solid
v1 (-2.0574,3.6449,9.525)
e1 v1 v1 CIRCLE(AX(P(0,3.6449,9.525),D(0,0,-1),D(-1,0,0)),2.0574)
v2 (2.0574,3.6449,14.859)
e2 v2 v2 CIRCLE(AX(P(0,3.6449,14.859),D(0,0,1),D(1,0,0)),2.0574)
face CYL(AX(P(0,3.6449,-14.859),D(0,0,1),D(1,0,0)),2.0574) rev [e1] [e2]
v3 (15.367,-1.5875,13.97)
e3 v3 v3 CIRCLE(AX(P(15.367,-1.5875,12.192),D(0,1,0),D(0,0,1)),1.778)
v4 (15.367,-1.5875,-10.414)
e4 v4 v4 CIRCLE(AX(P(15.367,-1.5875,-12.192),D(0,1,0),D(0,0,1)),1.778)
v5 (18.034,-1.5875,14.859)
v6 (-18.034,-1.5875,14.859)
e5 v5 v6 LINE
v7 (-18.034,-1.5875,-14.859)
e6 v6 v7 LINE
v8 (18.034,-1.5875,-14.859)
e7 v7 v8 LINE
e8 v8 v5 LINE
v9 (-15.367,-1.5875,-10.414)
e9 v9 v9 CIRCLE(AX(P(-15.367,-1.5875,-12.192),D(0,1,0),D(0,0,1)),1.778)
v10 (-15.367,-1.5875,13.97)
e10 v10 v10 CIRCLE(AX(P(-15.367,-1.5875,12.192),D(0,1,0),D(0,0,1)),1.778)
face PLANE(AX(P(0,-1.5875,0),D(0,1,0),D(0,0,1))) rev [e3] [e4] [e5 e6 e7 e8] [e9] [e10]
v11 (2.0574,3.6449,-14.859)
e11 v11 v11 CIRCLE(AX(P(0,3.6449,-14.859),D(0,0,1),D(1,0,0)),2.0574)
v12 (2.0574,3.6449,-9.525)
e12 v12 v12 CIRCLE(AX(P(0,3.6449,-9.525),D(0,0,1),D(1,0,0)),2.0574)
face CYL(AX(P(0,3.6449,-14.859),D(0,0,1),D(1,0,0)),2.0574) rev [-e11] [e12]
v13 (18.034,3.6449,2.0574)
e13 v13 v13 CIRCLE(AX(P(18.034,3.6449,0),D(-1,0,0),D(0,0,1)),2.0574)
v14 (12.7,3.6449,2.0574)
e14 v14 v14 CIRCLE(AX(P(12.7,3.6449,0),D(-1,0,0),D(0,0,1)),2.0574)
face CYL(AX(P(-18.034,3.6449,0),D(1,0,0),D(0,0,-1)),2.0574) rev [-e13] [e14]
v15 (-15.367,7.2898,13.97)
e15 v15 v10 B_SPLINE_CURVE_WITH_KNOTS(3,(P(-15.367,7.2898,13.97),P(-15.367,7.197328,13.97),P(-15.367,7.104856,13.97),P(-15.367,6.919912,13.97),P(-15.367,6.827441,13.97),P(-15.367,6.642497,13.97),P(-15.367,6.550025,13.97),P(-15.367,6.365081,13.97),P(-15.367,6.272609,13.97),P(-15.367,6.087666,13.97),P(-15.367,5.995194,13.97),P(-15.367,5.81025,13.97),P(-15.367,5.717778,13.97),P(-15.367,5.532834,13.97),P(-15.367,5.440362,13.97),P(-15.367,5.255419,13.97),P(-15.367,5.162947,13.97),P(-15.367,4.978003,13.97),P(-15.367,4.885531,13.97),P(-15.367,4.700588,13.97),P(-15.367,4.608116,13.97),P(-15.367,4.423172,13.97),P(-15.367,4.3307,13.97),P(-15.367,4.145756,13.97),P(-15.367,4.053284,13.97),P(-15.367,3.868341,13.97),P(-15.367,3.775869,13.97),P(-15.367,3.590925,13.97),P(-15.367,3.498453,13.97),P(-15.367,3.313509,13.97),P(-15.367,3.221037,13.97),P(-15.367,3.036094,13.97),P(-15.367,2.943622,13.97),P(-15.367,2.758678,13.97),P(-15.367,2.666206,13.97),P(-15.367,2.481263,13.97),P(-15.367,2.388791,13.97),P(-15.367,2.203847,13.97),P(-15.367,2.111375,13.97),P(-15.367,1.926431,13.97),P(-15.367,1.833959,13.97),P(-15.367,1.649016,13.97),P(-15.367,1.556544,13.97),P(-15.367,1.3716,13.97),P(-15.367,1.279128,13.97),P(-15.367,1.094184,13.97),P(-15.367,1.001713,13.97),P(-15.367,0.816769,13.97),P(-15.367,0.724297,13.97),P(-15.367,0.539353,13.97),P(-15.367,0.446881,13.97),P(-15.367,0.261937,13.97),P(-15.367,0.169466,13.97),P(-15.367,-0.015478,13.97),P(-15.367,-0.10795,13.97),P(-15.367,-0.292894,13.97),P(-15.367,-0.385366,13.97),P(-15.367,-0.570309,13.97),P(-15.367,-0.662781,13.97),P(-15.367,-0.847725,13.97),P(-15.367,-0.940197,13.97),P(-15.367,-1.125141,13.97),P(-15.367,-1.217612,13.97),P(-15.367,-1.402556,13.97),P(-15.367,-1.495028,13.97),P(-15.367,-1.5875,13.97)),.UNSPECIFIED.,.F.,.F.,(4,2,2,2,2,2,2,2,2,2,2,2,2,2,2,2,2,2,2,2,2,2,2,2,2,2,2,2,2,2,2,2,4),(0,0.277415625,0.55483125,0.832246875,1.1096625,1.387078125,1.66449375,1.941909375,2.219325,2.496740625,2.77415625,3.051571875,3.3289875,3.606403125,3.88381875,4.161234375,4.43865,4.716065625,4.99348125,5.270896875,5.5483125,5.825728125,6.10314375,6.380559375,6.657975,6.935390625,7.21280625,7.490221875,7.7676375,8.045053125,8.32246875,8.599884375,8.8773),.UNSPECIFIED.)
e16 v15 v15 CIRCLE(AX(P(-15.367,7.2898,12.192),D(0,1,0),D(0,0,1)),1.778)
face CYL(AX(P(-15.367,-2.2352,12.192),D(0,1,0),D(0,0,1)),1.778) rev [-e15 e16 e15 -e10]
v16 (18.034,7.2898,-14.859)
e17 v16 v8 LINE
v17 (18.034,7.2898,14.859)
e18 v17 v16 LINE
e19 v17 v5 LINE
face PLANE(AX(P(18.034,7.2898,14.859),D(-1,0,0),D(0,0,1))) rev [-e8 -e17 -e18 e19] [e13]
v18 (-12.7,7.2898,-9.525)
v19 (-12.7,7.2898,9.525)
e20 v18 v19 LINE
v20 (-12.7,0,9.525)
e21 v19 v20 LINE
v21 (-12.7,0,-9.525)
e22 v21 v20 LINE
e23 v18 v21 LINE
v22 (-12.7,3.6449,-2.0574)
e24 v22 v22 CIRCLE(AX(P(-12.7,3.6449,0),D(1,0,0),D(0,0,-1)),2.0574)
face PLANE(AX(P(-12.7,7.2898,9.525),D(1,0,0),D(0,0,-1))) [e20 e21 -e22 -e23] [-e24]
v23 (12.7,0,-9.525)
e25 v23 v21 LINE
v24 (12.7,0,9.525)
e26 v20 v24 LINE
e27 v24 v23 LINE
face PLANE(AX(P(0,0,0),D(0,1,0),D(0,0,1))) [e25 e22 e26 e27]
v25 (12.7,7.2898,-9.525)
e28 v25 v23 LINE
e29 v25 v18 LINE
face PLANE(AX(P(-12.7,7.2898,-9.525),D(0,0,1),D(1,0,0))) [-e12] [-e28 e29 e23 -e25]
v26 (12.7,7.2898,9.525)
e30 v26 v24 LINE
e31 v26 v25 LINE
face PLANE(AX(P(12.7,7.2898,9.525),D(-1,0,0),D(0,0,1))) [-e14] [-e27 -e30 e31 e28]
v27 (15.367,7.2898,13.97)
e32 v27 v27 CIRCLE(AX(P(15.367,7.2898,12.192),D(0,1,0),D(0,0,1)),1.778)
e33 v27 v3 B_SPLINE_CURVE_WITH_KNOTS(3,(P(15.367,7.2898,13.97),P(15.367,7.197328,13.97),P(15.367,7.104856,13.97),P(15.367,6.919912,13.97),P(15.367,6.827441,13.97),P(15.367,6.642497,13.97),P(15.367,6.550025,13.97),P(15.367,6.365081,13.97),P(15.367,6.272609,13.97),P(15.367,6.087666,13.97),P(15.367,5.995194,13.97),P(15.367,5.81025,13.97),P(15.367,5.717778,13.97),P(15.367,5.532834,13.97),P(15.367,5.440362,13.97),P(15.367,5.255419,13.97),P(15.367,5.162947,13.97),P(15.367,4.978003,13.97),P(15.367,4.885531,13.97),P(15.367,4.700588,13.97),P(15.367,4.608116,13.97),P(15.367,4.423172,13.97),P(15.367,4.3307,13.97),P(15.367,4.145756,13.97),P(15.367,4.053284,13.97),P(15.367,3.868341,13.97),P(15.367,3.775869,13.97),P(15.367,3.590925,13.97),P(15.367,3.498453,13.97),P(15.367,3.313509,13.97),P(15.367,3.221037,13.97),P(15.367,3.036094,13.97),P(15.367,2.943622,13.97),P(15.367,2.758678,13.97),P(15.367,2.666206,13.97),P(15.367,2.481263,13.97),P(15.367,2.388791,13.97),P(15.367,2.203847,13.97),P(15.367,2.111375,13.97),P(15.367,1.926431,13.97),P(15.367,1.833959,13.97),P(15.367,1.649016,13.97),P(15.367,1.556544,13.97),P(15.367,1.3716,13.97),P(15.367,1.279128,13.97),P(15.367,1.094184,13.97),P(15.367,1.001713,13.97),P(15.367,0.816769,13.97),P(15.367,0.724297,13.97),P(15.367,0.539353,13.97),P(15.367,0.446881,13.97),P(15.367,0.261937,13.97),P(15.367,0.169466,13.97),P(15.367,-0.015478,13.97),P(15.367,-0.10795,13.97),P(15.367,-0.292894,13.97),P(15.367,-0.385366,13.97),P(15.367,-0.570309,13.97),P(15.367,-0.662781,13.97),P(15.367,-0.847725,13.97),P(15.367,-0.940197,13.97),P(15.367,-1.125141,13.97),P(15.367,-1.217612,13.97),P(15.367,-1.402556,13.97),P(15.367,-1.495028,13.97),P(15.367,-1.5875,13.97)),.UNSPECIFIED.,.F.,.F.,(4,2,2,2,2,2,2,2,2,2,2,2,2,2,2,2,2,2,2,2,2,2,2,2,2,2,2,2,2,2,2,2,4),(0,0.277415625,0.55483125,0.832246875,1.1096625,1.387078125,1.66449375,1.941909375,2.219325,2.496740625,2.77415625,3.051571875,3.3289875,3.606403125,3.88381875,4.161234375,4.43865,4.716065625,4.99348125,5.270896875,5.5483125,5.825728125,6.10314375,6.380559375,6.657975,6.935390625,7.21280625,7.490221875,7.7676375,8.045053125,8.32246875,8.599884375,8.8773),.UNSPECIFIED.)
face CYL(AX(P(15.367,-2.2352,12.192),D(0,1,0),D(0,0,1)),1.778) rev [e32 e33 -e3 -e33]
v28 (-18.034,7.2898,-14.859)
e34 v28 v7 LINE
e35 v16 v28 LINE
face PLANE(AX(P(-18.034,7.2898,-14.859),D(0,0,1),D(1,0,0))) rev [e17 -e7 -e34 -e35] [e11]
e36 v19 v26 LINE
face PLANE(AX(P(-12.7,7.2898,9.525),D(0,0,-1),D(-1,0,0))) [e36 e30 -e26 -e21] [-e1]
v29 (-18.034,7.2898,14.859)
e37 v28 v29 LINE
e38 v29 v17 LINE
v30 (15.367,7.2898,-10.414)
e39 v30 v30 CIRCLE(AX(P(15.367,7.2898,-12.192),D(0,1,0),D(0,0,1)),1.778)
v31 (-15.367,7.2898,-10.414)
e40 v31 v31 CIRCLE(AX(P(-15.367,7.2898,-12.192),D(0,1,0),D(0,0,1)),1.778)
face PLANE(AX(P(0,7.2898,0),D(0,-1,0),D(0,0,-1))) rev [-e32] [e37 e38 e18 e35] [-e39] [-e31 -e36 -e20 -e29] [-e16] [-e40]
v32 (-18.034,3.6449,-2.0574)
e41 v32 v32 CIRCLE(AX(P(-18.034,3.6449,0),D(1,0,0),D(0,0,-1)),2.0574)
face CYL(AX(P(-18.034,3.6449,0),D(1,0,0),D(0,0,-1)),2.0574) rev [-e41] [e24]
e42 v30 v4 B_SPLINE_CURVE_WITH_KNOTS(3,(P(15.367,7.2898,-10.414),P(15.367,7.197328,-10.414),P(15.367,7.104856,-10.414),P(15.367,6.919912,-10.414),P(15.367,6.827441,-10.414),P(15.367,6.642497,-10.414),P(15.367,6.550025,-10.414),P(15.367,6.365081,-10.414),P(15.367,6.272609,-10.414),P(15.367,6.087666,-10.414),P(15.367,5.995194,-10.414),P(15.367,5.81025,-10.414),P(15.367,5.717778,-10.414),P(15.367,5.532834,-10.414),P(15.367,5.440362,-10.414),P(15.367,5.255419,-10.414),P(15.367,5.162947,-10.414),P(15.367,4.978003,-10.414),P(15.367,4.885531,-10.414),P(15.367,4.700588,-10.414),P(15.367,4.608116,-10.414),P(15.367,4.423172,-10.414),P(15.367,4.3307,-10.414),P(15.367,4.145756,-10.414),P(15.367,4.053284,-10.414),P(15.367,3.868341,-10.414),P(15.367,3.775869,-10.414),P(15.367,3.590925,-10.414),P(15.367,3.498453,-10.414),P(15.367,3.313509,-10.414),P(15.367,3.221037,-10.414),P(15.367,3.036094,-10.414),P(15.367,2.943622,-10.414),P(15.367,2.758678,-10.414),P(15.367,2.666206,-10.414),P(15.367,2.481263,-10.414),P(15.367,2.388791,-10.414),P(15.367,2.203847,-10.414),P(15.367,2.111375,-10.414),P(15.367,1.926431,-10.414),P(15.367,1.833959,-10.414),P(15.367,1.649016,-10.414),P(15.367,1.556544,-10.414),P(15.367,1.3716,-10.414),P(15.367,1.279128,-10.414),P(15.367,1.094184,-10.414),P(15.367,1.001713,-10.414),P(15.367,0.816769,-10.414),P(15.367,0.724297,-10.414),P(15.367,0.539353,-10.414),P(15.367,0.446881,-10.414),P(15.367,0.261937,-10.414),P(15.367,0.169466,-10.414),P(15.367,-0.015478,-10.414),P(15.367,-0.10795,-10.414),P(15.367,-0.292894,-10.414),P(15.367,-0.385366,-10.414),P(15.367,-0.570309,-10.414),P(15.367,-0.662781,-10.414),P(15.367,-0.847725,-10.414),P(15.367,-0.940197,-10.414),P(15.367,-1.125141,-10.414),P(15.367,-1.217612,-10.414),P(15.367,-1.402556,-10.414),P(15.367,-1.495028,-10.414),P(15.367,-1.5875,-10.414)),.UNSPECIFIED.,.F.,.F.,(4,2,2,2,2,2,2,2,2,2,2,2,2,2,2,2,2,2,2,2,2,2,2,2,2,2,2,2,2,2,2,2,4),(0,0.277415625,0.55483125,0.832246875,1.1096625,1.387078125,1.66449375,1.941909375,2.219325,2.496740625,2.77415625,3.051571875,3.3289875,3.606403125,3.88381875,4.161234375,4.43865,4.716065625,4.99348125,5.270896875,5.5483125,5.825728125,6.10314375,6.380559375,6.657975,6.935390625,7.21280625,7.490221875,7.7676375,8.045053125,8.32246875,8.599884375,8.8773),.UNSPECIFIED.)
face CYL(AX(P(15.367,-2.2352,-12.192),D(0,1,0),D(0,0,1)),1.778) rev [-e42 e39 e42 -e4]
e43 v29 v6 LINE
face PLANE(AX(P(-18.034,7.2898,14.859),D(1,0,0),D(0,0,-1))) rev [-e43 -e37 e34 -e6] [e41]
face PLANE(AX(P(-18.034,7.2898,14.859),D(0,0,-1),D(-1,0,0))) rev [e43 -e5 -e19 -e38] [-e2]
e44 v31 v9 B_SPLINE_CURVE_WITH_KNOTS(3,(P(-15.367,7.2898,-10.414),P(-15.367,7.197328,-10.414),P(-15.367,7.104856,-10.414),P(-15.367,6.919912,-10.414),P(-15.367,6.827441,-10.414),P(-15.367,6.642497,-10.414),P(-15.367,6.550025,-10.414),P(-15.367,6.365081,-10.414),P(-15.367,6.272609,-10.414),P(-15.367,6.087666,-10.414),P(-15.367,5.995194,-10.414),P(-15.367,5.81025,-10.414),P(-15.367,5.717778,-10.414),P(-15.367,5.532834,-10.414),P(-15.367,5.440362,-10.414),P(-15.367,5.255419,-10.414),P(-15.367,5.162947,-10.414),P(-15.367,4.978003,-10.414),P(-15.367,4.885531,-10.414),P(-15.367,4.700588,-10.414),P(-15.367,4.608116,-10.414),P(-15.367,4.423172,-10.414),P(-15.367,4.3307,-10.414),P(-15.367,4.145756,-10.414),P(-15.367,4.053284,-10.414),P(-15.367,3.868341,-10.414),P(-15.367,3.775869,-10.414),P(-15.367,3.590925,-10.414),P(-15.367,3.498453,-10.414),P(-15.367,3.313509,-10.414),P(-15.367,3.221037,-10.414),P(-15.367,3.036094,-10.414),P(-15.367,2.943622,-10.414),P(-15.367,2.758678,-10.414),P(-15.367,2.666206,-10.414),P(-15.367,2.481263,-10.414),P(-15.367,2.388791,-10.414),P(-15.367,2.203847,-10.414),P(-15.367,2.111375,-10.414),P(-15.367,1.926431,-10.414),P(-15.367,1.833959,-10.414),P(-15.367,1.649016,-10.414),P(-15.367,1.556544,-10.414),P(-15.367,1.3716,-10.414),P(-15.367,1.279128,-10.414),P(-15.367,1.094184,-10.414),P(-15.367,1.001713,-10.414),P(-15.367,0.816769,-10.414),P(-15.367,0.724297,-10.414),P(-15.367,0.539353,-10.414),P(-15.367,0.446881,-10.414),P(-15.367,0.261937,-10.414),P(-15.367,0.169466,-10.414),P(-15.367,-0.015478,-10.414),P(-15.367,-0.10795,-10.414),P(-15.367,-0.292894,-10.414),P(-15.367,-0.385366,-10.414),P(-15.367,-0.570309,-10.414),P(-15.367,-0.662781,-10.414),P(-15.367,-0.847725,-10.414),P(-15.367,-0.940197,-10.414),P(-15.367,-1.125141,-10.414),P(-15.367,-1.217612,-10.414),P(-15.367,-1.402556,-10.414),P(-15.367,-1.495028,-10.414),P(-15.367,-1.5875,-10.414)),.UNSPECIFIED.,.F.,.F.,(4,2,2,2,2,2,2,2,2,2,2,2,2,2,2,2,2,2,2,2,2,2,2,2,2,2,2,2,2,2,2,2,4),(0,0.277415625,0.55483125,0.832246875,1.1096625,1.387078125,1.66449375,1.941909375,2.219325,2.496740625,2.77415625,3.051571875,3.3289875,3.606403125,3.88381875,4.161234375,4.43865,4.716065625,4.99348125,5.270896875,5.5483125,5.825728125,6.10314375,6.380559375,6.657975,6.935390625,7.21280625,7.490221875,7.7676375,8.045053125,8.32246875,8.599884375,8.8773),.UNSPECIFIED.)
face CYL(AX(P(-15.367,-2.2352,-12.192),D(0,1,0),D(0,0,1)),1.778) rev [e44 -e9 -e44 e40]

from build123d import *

# Parameters (mm, degrees)
SKETCH1_W               = 36.068
SKETCH1_H               = 29.718
SKETCH1_W_2             = 25.4
SKETCH1_H_2             = 19.05
BOSS_EXTRUDE3_DEPTH     = 7.2898
SKETCH4_W               = 36.068
SKETCH4_H               = 29.718
BOSS_EXTRUDE4_DEPTH     = 1.5875
SKETCH5_R               = 1.778
CUT_EXTRUDE2_DEPTH      = 9.525
CUT_EXTRUDE3_DEPTH      = 40.684149091
CUT_EXTRUDE3_DEPTH_BACK = 40.684149091
SKETCH6_R               = 2.0574
SKETCH7_R               = 2.0574
CUT_EXTRUDE4_DEPTH      = 36.51796537


with BuildPart() as part:
    # Sketch1 → Boss-Extrude3 (new body)
    with BuildSketch(Plane(origin=(0, 0, 0), x_dir=(1, 0, 0), z_dir=(0, 1, 0))):
        Rectangle(SKETCH1_W, SKETCH1_H)
        Rectangle(SKETCH1_W_2, SKETCH1_H_2, mode=Mode.SUBTRACT)
    extrude(amount=BOSS_EXTRUDE3_DEPTH)

    # Sketch4 → Boss-Extrude4 (add)
    with BuildSketch(Plane.XZ):
        Rectangle(SKETCH4_W, SKETCH4_H)
    extrude(amount=BOSS_EXTRUDE4_DEPTH)

    # Sketch5 → Cut-Extrude2 (cut)
    with BuildSketch(Plane(origin=(0, 7.2898, 0), x_dir=(1, 0, 0), z_dir=(0, 1, 0))):
        with Locations(Location((-15.367, 12.192, 0), (0, 0, 270))):
            Circle(SKETCH5_R)
        with Locations(Location((15.367, 12.192, 0), (0, 0, 270))):
            Circle(SKETCH5_R)
        with Locations(Location((15.367, -12.192, 0), (0, 0, 270))):
            Circle(SKETCH5_R)
        with Locations(Location((-15.367, -12.192, 0), (0, 0, 270))):
            Circle(SKETCH5_R)
    extrude(amount=-CUT_EXTRUDE2_DEPTH, mode=Mode.SUBTRACT)

    # Sketch6 → Cut-Extrude3 (cut, two sides: drawn at the far end of the back side and taken through both)
    with BuildSketch(Plane(origin=(18.034, 0, 0), x_dir=(0, 0, -1), z_dir=(1, 0, 0)).offset(-CUT_EXTRUDE3_DEPTH_BACK)):
        with Locations((0, 3.6449)):
            Circle(SKETCH6_R)
    extrude(amount=CUT_EXTRUDE3_DEPTH + CUT_EXTRUDE3_DEPTH_BACK, mode=Mode.SUBTRACT)

    # Sketch7 → Cut-Extrude4 (cut, through all)
    with BuildSketch(Plane.XY.offset(14.859)):
        with Locations((0, 3.6449)):
            Circle(SKETCH7_R)
    extrude(amount=-CUT_EXTRUDE4_DEPTH, mode=Mode.SUBTRACT)


solid = part.part
